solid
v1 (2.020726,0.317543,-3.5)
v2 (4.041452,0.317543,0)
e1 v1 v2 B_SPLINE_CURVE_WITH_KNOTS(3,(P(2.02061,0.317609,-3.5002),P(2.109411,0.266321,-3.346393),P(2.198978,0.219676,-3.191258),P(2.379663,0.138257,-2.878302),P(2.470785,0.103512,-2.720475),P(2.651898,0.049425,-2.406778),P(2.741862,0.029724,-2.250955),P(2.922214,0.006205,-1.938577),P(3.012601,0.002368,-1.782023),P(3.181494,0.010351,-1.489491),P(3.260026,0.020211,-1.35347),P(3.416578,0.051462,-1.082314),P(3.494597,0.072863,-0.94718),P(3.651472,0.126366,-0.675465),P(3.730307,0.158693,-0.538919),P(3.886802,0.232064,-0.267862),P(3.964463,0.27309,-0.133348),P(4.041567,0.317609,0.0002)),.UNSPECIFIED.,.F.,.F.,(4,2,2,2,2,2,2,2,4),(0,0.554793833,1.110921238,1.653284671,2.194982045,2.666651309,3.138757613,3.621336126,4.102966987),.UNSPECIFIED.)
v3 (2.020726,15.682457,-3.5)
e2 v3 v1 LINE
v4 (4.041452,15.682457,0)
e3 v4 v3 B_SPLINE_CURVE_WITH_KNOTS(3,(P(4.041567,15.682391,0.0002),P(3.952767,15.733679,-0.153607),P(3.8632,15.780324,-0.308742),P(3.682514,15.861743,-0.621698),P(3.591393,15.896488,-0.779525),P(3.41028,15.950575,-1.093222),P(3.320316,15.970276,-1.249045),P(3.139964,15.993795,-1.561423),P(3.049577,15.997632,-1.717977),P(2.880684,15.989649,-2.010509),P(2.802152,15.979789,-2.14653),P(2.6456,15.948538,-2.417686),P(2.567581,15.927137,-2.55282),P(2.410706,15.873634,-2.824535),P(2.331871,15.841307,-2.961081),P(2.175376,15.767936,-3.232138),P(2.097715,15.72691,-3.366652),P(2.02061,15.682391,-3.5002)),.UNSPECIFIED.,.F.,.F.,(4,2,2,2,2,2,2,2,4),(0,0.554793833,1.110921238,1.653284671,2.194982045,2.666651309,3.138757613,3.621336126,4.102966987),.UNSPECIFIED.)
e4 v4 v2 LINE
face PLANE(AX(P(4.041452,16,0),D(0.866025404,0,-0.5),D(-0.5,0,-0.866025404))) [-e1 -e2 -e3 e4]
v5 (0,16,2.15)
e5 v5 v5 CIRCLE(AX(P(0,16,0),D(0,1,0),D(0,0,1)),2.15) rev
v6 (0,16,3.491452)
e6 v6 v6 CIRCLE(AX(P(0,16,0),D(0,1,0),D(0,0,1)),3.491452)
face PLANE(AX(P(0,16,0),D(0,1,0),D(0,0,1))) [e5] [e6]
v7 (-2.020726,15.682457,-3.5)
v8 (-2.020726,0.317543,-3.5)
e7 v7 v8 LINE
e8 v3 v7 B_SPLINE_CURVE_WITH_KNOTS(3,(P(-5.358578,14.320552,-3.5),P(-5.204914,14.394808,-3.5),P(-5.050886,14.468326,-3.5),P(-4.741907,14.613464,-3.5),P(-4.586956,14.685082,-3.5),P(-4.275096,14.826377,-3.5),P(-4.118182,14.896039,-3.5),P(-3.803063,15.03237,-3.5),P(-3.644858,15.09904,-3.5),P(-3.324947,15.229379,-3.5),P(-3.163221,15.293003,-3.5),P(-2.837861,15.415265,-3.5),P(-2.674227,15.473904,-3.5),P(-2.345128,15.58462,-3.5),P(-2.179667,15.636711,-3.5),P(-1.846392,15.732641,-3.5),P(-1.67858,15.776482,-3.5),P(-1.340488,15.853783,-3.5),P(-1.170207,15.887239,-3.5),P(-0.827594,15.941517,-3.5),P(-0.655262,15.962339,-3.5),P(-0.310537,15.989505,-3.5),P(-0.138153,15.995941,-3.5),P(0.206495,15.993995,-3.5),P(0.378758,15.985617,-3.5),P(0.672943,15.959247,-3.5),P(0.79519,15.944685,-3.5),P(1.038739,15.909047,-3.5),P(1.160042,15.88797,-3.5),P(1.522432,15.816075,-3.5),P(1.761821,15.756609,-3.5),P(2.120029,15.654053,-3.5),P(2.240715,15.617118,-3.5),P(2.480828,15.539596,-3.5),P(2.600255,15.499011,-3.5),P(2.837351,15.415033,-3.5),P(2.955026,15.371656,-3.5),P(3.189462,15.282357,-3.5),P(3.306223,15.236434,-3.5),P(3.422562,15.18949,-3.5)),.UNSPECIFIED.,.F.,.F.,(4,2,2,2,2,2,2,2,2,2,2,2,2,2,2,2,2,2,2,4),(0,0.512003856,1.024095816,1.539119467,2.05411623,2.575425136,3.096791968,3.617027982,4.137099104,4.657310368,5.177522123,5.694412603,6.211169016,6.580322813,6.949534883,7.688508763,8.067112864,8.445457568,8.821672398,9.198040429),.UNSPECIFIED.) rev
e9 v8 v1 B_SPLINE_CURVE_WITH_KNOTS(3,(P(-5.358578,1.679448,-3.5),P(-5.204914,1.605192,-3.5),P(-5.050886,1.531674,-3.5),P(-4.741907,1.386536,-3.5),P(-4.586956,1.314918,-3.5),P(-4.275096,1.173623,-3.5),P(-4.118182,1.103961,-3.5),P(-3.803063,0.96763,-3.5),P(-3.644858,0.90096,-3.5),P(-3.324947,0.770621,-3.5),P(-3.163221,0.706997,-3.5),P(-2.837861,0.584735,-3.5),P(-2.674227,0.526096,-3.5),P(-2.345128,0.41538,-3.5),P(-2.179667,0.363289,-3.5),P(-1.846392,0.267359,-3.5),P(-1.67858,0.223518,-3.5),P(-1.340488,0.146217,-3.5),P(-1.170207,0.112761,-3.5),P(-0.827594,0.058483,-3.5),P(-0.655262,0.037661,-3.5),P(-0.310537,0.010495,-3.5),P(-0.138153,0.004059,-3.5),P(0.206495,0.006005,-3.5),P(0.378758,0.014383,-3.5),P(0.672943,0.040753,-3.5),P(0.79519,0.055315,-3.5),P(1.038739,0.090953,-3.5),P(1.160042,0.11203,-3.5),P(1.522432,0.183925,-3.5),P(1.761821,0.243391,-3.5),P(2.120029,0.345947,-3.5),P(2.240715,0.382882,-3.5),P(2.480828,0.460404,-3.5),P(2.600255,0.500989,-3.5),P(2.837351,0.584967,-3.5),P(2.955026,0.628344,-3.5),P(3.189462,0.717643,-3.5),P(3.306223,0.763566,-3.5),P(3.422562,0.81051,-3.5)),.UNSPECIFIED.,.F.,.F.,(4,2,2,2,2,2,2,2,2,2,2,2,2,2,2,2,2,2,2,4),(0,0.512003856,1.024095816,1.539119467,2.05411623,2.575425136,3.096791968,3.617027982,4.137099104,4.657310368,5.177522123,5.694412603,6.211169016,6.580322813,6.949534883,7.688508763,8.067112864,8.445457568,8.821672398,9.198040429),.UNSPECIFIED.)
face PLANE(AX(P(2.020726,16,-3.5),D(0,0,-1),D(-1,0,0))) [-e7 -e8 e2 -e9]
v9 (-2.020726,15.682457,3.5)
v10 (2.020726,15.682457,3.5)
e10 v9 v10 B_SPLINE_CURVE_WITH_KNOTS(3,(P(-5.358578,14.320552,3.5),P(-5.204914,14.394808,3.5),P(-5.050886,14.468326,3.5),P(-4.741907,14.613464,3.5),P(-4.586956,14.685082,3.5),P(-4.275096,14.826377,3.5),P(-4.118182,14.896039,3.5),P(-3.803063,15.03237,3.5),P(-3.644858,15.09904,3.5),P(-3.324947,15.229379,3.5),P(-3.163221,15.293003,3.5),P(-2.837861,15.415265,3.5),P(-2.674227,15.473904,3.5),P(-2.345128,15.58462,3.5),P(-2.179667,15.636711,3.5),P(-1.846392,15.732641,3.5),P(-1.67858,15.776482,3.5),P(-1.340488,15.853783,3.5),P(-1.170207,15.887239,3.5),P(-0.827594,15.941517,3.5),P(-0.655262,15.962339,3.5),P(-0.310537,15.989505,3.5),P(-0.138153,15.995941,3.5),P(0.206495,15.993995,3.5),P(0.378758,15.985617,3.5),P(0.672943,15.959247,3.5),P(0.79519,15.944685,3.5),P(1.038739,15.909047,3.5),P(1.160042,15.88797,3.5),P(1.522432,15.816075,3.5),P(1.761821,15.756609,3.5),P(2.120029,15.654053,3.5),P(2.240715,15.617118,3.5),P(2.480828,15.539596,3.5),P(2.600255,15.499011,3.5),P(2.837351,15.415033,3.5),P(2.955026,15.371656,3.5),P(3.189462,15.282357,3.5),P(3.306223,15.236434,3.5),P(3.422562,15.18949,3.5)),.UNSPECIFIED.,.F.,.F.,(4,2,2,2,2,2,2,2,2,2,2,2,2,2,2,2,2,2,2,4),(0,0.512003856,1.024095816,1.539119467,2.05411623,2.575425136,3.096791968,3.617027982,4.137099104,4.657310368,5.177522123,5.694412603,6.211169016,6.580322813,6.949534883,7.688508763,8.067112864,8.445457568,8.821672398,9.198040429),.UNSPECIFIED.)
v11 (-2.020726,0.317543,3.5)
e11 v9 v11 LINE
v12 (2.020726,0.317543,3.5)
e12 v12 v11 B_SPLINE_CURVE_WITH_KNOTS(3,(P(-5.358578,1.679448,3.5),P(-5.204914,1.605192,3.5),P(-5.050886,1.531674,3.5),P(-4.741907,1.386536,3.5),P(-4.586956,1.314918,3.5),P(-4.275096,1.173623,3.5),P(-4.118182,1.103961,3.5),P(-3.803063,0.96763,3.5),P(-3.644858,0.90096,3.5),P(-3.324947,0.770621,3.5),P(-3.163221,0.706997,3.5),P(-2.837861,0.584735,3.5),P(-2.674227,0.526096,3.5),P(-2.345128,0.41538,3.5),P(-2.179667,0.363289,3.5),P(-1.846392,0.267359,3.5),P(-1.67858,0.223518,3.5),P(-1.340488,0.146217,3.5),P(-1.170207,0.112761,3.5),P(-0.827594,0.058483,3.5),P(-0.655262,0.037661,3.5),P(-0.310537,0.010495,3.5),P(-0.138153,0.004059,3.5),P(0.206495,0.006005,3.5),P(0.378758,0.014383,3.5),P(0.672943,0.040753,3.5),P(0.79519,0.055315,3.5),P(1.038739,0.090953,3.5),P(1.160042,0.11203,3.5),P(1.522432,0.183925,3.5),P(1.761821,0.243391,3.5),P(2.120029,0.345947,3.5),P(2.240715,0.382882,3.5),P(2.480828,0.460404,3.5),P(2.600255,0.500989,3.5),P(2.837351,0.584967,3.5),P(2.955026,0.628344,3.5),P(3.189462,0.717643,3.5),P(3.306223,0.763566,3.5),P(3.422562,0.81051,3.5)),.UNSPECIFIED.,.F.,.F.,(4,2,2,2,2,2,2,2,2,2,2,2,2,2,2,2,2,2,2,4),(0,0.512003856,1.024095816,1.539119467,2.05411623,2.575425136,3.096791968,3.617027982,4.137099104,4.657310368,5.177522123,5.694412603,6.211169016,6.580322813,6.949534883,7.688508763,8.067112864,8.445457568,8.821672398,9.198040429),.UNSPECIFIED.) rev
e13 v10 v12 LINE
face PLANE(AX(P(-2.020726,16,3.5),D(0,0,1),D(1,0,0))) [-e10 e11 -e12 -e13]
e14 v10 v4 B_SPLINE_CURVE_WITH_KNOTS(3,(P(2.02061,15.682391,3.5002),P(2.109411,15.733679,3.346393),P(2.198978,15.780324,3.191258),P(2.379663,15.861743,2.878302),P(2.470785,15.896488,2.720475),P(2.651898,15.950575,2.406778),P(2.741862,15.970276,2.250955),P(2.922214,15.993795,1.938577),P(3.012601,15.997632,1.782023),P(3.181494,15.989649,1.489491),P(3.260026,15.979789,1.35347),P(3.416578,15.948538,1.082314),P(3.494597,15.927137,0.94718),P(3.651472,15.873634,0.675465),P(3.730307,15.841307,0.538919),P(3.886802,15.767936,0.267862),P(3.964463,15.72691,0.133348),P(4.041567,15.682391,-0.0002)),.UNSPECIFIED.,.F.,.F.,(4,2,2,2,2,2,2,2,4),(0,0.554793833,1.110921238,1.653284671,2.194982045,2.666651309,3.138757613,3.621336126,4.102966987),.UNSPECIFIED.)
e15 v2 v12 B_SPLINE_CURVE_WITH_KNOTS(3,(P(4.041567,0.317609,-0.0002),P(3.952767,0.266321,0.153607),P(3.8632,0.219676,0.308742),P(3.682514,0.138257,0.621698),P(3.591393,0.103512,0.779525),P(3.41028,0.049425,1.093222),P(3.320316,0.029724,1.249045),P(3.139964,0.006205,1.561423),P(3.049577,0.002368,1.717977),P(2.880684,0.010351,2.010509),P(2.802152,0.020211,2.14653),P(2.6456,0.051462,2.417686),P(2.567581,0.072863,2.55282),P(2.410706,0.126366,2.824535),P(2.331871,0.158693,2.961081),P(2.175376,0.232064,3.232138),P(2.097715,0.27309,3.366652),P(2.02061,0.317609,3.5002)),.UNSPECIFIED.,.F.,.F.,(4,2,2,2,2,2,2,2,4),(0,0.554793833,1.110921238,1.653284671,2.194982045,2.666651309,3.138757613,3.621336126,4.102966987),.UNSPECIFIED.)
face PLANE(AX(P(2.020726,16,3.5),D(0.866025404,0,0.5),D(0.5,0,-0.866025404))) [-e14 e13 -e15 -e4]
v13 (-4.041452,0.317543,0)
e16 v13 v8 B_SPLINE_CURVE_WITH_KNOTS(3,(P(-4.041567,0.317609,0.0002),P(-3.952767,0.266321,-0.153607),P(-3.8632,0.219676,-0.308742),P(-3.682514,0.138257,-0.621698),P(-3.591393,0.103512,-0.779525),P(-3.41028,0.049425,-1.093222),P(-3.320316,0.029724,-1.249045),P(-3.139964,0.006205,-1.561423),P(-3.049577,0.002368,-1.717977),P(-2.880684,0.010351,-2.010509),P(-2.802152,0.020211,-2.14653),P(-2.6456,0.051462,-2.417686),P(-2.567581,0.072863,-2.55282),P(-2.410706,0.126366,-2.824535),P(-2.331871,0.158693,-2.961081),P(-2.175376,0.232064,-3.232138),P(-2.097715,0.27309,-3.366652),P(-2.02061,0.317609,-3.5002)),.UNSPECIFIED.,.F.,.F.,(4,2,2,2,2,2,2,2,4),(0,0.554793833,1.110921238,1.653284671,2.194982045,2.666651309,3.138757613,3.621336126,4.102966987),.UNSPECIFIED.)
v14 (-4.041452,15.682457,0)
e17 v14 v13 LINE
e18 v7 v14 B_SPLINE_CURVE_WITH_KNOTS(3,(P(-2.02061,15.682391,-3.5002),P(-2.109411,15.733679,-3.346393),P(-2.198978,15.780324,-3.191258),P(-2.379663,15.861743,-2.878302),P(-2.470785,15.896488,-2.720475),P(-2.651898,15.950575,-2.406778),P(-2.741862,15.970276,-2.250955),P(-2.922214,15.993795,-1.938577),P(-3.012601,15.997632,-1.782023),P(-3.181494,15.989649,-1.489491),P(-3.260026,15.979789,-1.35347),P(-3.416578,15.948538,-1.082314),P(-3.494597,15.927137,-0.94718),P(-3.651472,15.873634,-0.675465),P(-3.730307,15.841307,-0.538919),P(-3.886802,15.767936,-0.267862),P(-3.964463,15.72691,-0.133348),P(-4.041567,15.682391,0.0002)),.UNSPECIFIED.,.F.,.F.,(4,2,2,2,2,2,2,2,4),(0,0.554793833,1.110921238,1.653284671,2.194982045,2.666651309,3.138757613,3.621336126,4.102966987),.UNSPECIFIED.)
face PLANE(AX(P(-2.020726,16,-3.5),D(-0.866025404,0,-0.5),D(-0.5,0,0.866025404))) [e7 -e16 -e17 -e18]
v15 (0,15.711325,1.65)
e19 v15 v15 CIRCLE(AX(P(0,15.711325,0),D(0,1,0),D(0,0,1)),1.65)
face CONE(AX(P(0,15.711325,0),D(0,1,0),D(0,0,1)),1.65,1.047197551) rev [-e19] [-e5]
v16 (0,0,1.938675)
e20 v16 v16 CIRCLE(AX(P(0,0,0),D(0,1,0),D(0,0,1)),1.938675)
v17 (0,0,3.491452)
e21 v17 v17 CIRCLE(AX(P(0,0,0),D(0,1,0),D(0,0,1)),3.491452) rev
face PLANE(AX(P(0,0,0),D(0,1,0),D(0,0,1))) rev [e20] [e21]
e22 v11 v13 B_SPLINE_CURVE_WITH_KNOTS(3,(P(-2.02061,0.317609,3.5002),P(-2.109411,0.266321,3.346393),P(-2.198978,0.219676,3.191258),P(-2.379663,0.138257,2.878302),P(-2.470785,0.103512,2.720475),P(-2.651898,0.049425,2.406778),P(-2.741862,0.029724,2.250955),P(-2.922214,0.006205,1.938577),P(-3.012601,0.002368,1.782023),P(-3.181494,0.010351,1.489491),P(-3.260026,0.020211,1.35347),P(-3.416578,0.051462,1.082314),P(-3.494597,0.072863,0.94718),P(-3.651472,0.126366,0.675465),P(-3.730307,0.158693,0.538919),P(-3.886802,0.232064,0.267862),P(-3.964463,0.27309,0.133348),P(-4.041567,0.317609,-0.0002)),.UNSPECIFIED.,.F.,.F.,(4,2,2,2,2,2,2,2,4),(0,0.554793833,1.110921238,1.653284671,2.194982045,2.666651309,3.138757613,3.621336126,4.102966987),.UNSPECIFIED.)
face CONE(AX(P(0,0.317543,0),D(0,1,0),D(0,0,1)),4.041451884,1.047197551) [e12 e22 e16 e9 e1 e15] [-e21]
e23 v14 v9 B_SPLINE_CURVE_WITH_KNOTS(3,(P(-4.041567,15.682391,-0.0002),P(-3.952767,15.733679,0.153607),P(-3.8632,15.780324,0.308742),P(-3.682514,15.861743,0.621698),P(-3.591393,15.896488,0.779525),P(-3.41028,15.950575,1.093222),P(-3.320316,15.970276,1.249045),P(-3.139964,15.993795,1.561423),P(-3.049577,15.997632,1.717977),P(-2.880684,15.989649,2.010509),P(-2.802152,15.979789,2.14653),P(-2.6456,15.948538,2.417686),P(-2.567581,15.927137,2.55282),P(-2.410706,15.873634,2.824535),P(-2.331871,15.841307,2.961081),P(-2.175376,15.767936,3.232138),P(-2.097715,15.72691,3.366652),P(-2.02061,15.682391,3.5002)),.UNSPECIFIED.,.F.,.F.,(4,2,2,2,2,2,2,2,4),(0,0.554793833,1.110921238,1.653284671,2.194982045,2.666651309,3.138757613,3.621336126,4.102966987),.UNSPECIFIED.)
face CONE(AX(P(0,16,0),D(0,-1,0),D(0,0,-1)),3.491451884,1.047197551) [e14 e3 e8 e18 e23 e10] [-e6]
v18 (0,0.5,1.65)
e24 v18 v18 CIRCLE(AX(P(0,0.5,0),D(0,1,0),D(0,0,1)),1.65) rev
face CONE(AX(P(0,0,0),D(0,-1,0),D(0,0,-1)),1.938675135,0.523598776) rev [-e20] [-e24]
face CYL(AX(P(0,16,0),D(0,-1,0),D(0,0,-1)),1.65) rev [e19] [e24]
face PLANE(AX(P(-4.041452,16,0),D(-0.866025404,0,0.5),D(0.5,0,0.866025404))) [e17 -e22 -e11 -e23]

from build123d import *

# Parameters (mm, degrees)
SKETCH1_R             = 4.041451884
SKETCH1_R_2           = 1.65
BOSS_EXTRUDE1_DEPTH   = 16
CHAMFER1_SIZE         = 0.55
CHAMFER1_SIZE2        = 0.317542648
CHAMFER2_SIZE         = 0.55
CHAMFER2_SIZE2        = 0.317542648
SKETCH2_OUTSIDE_W     = 14.014
SKETCH2_OUTSIDE_H     = 14.014
CUT_EXTRUDE1_DEPTH    = 17
CHAMFER3_SIZE         = 0.5
CHAMFER3_SIZE2        = 0.288675135
CHAMFER3_PART_2_SIZE  = 0.5
CHAMFER3_PART_2_SIZE2 = 0.288675135


with BuildPart() as part:
    # Sketch1 → Boss-Extrude1 (new body)
    with BuildSketch(Plane(origin=(0, 0, 0), x_dir=(1, 0, 0), z_dir=(0, 1, 0))):
        Circle(SKETCH1_R)
        Circle(SKETCH1_R_2, mode=Mode.SUBTRACT)
    extrude(amount=BOSS_EXTRUDE1_DEPTH)

    # Chamfer1
    chamfer1_edges = [part.edges().sort_by_distance(p)[0] for p in [
        (-4.041451884, 16, 0),
    ]]
    chamfer1_side = [part.faces().sort_by_distance(p)[0] for p in [
        (-3.927142363, 16, 0),
    ]]
    chamfer(chamfer1_edges, length=CHAMFER1_SIZE, length2=CHAMFER1_SIZE2, reference=chamfer1_side[0])

    # Chamfer2
    chamfer2_edges = [part.edges().sort_by_distance(p)[0] for p in [
        (-4.041451884, 0, 0),
    ]]
    chamfer2_side = [part.faces().sort_by_distance(p)[0] for p in [
        (-3.927142363, 0, 0),
    ]]
    chamfer(chamfer2_edges, length=CHAMFER2_SIZE, length2=CHAMFER2_SIZE2, reference=chamfer2_side[0])

    # Sketch2 outside → Cut-Extrude1 (cut, through all)
    with BuildSketch(Plane.XZ):
        Rectangle(SKETCH2_OUTSIDE_W, SKETCH2_OUTSIDE_H)
        Polygon((4.041451884, 0), (2.020725942, -3.5), (-2.020725942, -3.5), (-4.041451884, 0), (-2.020725942, 3.5), (2.020725942, 3.5), align=None, mode=Mode.SUBTRACT)
    extrude(amount=-CUT_EXTRUDE1_DEPTH, mode=Mode.SUBTRACT)

    # Chamfer3
    chamfer3_edges = [part.edges().sort_by_distance(p)[0] for p in [
        (-1.65, 0, 0),
    ]]
    chamfer3_side = [part.faces().sort_by_distance(p)[0] for p in [
        (-1.65, 8, 0),
    ]]
    chamfer(chamfer3_edges, length=CHAMFER3_SIZE, length2=CHAMFER3_SIZE2, reference=chamfer3_side[0])

    # Chamfer3 part 2
    chamfer3_part_2_edges = [part.edges().sort_by_distance(p)[0] for p in [
        (-1.65, 16, 0),
    ]]
    chamfer3_part_2_side = [part.faces().sort_by_distance(p)[0] for p in [
        (-3.392698712, 16, 0),
    ]]
    chamfer(chamfer3_part_2_edges, length=CHAMFER3_PART_2_SIZE, length2=CHAMFER3_PART_2_SIZE2, reference=chamfer3_part_2_side[0])


solid = part.part
